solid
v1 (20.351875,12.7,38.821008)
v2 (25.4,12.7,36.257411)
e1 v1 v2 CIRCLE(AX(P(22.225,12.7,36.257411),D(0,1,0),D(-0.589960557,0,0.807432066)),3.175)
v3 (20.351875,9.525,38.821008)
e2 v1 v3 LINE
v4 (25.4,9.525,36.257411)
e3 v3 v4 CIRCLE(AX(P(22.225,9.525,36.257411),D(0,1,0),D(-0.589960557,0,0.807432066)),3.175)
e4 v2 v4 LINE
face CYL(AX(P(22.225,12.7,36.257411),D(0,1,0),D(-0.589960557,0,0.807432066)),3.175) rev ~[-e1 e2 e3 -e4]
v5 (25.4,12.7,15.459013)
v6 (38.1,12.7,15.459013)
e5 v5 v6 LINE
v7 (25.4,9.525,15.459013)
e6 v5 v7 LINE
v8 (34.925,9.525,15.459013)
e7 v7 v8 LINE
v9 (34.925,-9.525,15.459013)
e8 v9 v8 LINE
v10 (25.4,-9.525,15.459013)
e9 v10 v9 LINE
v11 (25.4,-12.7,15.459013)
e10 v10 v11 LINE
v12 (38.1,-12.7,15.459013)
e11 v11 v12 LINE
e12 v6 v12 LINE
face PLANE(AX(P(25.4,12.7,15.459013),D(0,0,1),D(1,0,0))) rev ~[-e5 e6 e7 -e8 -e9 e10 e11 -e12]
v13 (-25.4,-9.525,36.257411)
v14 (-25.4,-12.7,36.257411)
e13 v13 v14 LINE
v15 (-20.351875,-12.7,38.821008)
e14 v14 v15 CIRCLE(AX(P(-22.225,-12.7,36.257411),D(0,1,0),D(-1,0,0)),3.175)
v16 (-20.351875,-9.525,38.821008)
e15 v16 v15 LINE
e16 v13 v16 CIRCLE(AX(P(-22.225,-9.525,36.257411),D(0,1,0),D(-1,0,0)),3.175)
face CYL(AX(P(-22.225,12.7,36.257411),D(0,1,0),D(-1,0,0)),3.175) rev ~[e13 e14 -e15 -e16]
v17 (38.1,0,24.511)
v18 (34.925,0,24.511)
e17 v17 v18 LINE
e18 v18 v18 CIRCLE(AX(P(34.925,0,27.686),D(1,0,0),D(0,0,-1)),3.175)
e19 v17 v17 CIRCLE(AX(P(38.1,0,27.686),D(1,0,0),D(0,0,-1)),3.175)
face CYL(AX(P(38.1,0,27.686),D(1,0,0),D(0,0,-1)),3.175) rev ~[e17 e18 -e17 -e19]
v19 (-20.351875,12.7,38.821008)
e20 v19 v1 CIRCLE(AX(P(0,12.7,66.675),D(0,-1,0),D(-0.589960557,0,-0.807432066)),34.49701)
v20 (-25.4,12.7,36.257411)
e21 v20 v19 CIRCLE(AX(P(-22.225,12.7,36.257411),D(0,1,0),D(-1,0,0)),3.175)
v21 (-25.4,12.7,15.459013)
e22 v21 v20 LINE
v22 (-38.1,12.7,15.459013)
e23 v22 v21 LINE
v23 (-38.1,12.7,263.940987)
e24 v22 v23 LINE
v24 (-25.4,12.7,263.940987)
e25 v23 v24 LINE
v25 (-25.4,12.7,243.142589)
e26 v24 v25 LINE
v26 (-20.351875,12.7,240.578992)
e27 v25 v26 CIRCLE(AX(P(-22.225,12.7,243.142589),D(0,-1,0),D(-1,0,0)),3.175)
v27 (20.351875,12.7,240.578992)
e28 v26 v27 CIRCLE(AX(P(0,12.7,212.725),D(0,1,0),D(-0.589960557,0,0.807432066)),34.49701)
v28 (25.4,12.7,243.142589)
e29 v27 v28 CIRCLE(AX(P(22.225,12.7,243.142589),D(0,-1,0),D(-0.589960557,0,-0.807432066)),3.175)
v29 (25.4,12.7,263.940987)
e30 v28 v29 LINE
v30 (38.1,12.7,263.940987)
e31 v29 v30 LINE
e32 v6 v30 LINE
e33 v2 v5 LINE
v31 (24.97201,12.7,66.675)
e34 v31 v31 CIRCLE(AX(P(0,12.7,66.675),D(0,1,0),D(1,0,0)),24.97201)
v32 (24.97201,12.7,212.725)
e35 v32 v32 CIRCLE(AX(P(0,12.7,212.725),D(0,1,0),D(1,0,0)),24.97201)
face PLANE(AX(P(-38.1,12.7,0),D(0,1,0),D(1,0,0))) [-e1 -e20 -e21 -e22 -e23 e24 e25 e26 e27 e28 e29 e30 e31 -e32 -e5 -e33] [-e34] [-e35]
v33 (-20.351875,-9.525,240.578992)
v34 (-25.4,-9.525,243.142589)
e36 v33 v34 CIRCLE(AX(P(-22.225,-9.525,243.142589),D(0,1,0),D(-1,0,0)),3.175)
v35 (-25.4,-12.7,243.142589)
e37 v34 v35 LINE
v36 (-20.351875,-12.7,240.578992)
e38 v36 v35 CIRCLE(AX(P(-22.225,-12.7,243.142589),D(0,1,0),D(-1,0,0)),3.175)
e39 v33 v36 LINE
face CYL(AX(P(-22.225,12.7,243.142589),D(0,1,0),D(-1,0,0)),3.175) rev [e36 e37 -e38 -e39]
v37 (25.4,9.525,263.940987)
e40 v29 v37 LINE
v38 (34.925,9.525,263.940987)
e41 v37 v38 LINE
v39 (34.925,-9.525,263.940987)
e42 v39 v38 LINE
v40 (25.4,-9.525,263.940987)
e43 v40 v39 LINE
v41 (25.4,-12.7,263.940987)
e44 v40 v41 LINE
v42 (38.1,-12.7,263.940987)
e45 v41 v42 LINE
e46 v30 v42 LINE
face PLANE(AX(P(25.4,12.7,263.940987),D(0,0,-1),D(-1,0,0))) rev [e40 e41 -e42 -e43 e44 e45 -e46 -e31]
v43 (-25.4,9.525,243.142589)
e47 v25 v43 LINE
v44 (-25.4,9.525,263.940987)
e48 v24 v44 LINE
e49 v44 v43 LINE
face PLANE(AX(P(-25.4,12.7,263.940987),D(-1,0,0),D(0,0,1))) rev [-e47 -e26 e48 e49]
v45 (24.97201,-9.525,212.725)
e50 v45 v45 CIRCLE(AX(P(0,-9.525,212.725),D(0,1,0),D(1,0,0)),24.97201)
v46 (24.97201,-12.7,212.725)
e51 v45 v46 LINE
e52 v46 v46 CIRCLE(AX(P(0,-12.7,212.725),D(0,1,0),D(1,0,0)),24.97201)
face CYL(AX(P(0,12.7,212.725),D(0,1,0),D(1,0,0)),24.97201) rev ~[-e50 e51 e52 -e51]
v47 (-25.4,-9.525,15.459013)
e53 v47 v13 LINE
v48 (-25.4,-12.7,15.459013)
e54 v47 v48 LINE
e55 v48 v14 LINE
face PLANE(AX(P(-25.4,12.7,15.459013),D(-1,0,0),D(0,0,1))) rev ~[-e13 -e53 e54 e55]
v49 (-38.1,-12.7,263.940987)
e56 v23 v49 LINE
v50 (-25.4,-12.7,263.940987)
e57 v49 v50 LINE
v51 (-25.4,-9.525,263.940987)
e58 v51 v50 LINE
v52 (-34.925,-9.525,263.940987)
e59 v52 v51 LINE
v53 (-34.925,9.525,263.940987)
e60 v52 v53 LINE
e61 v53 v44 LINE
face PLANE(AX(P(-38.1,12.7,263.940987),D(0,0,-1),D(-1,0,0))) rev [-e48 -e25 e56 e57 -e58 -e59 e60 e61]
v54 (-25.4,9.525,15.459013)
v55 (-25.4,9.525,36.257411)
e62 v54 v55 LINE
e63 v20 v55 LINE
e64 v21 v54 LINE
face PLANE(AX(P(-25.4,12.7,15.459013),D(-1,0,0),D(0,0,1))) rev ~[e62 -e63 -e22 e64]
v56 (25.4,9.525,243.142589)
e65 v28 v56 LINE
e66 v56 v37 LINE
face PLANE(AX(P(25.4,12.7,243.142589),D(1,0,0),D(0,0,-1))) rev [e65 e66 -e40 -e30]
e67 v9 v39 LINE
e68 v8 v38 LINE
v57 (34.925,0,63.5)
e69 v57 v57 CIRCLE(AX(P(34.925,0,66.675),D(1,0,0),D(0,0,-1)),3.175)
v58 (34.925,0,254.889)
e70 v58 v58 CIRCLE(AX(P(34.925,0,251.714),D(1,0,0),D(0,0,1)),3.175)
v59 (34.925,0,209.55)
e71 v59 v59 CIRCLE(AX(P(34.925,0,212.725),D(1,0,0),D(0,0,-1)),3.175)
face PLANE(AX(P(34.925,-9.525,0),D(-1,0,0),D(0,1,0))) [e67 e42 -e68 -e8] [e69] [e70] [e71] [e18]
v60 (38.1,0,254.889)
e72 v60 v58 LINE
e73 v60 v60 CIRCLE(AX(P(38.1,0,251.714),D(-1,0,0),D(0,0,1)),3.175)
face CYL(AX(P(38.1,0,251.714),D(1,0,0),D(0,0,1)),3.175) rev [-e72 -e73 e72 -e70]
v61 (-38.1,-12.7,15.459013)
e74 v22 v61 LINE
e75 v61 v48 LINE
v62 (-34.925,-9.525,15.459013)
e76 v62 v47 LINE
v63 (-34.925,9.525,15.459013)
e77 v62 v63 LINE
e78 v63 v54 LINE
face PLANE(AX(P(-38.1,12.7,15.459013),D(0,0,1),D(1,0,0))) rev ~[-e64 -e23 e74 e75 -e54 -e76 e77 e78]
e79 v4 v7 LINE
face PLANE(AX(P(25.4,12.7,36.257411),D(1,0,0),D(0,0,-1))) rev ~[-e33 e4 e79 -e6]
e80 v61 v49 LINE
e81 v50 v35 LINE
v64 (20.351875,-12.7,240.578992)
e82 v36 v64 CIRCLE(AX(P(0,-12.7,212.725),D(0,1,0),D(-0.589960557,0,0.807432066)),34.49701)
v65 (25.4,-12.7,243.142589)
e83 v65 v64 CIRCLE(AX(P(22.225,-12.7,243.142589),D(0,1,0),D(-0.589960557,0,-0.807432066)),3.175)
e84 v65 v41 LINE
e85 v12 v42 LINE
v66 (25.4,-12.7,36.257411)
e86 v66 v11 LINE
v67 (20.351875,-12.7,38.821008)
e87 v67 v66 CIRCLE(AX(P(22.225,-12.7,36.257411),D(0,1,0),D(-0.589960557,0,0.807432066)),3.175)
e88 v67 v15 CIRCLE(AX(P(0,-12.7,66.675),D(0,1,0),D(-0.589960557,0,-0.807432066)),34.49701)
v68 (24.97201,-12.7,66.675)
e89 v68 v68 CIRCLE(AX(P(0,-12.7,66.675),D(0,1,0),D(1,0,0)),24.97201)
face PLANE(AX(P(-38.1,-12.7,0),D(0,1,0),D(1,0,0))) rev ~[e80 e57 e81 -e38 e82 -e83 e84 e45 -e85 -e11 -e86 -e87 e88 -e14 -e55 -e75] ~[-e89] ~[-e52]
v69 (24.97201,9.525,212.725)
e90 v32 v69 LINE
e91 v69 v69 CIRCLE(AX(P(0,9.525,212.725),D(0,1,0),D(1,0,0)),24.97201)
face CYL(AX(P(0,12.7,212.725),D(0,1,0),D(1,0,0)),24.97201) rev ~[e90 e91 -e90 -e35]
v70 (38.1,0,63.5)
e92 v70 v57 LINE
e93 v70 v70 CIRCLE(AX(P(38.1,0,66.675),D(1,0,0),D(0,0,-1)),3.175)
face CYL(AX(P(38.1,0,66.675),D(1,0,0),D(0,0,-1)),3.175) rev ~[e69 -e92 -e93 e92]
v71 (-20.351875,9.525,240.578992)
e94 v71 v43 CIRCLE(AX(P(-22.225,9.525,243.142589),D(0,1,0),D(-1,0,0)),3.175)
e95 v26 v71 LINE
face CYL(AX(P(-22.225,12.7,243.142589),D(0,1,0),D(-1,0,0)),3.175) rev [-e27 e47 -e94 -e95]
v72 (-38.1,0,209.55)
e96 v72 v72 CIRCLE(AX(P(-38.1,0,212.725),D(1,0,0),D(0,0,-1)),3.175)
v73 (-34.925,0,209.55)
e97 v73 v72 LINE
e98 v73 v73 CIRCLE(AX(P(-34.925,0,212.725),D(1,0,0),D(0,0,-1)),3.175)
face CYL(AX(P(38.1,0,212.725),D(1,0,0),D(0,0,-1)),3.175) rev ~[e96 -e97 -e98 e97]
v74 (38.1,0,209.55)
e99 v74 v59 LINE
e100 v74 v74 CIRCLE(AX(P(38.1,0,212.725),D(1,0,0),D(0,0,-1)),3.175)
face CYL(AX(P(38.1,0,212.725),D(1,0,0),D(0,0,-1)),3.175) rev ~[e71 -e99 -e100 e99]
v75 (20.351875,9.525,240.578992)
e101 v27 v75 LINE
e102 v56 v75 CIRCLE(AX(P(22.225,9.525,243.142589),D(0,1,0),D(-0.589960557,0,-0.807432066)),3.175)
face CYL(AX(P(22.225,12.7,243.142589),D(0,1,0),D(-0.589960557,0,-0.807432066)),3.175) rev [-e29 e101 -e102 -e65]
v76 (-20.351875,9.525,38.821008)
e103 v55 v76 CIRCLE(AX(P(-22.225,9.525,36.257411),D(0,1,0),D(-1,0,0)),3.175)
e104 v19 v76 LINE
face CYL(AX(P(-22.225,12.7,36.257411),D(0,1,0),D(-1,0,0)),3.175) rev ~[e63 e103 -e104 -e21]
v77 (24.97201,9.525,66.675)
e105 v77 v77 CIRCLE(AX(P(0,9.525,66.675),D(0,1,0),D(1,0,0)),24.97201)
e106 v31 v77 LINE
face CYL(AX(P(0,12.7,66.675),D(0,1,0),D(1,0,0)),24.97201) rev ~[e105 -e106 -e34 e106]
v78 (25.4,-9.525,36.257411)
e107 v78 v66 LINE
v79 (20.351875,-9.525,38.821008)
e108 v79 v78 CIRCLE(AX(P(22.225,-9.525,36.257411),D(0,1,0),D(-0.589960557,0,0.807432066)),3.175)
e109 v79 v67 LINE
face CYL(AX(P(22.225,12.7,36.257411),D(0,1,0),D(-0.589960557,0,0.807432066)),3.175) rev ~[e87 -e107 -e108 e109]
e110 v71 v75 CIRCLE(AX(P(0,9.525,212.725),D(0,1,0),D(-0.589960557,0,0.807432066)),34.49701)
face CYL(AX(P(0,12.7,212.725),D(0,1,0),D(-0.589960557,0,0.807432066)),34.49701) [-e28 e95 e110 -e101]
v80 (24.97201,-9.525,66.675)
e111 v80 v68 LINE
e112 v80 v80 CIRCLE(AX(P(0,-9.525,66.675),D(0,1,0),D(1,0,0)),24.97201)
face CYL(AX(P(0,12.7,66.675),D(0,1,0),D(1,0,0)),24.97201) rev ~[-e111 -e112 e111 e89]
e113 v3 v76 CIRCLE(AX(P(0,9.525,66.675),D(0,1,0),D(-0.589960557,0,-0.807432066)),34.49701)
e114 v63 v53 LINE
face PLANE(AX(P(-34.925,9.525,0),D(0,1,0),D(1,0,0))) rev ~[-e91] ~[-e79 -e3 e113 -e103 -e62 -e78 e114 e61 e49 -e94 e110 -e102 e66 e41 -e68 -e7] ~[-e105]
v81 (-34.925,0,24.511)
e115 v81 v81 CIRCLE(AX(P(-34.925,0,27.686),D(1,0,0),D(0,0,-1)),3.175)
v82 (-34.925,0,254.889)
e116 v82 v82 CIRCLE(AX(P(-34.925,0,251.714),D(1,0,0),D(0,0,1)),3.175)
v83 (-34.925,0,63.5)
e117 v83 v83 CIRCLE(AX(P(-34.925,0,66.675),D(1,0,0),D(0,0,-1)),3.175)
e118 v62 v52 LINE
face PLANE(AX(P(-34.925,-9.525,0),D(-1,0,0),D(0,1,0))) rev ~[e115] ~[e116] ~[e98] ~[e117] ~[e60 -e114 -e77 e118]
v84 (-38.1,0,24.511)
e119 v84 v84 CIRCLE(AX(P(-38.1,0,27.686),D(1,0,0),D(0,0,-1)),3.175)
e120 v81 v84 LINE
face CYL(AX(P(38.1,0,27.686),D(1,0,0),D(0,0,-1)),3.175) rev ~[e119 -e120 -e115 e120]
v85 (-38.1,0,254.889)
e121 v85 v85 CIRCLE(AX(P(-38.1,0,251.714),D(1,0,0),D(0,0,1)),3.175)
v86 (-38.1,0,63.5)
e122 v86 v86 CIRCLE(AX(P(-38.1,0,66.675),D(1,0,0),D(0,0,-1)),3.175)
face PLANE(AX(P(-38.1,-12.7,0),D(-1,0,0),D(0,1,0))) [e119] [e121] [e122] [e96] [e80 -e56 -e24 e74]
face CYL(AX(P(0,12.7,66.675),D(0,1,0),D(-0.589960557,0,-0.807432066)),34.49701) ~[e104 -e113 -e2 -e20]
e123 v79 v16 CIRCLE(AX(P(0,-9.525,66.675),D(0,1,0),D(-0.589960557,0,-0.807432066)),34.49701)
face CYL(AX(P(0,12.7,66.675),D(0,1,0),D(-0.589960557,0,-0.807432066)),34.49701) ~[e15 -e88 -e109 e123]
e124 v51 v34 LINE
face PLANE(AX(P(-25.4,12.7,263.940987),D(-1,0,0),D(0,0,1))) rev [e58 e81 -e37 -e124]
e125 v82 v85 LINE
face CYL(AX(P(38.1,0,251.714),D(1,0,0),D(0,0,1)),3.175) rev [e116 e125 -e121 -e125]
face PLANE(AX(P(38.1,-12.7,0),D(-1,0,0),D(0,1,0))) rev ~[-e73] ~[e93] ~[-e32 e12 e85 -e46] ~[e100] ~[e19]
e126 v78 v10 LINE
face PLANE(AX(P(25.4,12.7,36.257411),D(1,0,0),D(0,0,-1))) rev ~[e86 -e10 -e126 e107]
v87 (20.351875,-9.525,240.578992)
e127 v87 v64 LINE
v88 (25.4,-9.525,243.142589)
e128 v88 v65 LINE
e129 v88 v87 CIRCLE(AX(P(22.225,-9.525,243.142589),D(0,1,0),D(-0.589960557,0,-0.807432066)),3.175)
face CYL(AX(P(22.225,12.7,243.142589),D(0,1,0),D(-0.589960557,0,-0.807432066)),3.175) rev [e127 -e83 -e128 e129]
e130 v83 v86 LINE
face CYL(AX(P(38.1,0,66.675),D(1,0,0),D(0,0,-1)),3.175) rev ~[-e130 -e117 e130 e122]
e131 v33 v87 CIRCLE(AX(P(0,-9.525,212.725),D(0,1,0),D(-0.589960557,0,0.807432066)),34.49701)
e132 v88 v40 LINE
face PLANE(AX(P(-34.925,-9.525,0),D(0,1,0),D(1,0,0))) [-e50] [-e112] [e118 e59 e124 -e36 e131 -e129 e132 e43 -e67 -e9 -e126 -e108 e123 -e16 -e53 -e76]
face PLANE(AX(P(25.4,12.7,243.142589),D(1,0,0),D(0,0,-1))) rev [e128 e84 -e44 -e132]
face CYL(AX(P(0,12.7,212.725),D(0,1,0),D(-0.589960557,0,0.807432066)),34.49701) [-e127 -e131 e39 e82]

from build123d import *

# Parameters (mm, degrees)
SKETCH1_W           = 76.2
SKETCH1_H           = 25.4
SKETCH1_W_2         = 69.85
SKETCH1_H_2         = 19.05
EXTRUDE_THIN1_DEPTH = 279.4
CUT_EXTRUDE2_DEPTH  = 26.4
SKETCH4_R           = 24.97201
CUT_EXTRUDE3_DEPTH  = 26.4
CUT_EXTRUDE7_DEPTH  = 26.4
SKETCH7_R           = 3.175
CUT_EXTRUDE8_DEPTH  = 77.2
SKETCH8_R           = 3.175
CUT_EXTRUDE9_DEPTH  = 77.2


with BuildPart() as part:
    # Sketch1 → Extrude-Thin1 (new body)
    with BuildSketch(Plane.XY):
        Rectangle(SKETCH1_W, SKETCH1_H)
        Rectangle(SKETCH1_W_2, SKETCH1_H_2, mode=Mode.SUBTRACT)
    extrude(amount=EXTRUDE_THIN1_DEPTH)

    # Sketch3 → Cut-Extrude2 (cut, through all)
    with BuildSketch(Plane(origin=(0, 12.7, 0), x_dir=(1, 0, 0), z_dir=(0, 1, 0))):
        with BuildLine():
            ThreePointArc((-29.73451, -279.4), (-29.157760237, -285.228044516), (-27.449884971, -290.83))
            ThreePointArc((-27.449884971, -290.83), (0, -309.13451), (27.449884971, -290.83))
            ThreePointArc((27.449884971, -290.83), (29.157760237, -285.228044516), (29.73451, -279.4))
            Line((29.73451, -279.4), (-29.73451, -279.4))
        make_face()
        with BuildLine():
            ThreePointArc((29.73451, -279.4), (0, -249.66549), (-29.73451, -279.4))
            Line((-29.73451, -279.4), (29.73451, -279.4))
        make_face()
        with BuildLine():
            ThreePointArc((-29.73451, 0), (-29.157760237, -5.828044516), (-27.449884971, -11.43))
            ThreePointArc((-27.449884971, -11.43), (0, -29.73451), (27.449884971, -11.43))
            ThreePointArc((27.449884971, -11.43), (29.157760237, -5.828044516), (29.73451, 0))
            Line((29.73451, 0), (-29.73451, 0))
        make_face()
        with BuildLine():
            ThreePointArc((29.73451, 0), (0, 29.73451), (-29.73451, 0))
            Line((-29.73451, 0), (29.73451, 0))
        make_face()
    extrude(amount=-CUT_EXTRUDE2_DEPTH, mode=Mode.SUBTRACT)

    # Sketch4 → Cut-Extrude3 (cut, through all)
    with BuildSketch(Plane(origin=(0, 12.7, 0), x_dir=(1, 0, 0), z_dir=(0, 1, 0))):
        with Locations((0, -212.725)):
            Circle(SKETCH4_R)
        with Locations((0, -66.675)):
            Circle(SKETCH4_R)
    extrude(amount=-CUT_EXTRUDE3_DEPTH, mode=Mode.SUBTRACT)

    # Sketch6 → Cut-Extrude7 (cut, through all)
    with BuildSketch(Plane(origin=(0, 12.7, 0), x_dir=(1, 0, 0), z_dir=(0, 1, 0))):
        with BuildLine():
            Line((-38.1, 0), (-38.1, -15.459013065))
            Line((-38.1, -15.459013065), (-25.4, -15.459013065))
            ThreePointArc((-25.4, -15.459013065), (-28.630382803, -8.027594003), (-29.73451, 0))
            Line((-29.73451, 0), (-38.1, 0))
        make_face()
        with BuildLine():
            ThreePointArc((25.4, -15.459013065), (0, -29.73451), (-25.4, -15.459013065))
            Line((-25.4, -15.459013065), (-25.4, -36.257411134))
            ThreePointArc((-25.4, -36.257411134), (-23.662611537, -39.088294047), (-20.351875232, -38.821007943))
            ThreePointArc((-20.351875232, -38.821007943), (0, -32.17799), (20.351875232, -38.821007943))
            ThreePointArc((20.351875232, -38.821007943), (23.662611537, -39.088294047), (25.4, -36.257411134))
            Line((25.4, -36.257411134), (25.4, -15.459013065))
        make_face()
        with BuildLine():
            ThreePointArc((29.73451, 0), (28.630382803, -8.027594003), (25.4, -15.459013065))
            Line((25.4, -15.459013065), (38.1, -15.459013065))
            Line((38.1, -15.459013065), (38.1, 0))
            Line((38.1, 0), (29.73451, 0))
        make_face()
    cut_extrude7 = extrude(amount=-CUT_EXTRUDE7_DEPTH, mode=Mode.SUBTRACT)

    # Sketch7 → Cut-Extrude8 (cut, through all)
    with BuildSketch(Plane(origin=(38.1, 0, 0), x_dir=(0, 0, -1), z_dir=(1, 0, 0))):
        with Locations((-27.686, 0)):
            Circle(SKETCH7_R)
    cut_extrude8 = extrude(amount=-CUT_EXTRUDE8_DEPTH, mode=Mode.SUBTRACT)

    # Mirror3: Cut-Extrude7, Cut-Extrude8 across plane
    add(cut_extrude7.mirror(Plane.XY.offset(139.7)), mode=Mode.SUBTRACT)
    add(cut_extrude8.mirror(Plane.XY.offset(139.7)), mode=Mode.SUBTRACT)

    # Sketch8 → Cut-Extrude9 (cut, through all)
    with BuildSketch(Plane(origin=(38.1, 0, 0), x_dir=(0, 0, -1), z_dir=(1, 0, 0))):
        with Locations((-66.675, 0)):
            Circle(SKETCH8_R)
        with Locations((-212.725, 0)):
            Circle(SKETCH8_R)
    extrude(amount=-CUT_EXTRUDE9_DEPTH, mode=Mode.SUBTRACT)


solid = part.part
